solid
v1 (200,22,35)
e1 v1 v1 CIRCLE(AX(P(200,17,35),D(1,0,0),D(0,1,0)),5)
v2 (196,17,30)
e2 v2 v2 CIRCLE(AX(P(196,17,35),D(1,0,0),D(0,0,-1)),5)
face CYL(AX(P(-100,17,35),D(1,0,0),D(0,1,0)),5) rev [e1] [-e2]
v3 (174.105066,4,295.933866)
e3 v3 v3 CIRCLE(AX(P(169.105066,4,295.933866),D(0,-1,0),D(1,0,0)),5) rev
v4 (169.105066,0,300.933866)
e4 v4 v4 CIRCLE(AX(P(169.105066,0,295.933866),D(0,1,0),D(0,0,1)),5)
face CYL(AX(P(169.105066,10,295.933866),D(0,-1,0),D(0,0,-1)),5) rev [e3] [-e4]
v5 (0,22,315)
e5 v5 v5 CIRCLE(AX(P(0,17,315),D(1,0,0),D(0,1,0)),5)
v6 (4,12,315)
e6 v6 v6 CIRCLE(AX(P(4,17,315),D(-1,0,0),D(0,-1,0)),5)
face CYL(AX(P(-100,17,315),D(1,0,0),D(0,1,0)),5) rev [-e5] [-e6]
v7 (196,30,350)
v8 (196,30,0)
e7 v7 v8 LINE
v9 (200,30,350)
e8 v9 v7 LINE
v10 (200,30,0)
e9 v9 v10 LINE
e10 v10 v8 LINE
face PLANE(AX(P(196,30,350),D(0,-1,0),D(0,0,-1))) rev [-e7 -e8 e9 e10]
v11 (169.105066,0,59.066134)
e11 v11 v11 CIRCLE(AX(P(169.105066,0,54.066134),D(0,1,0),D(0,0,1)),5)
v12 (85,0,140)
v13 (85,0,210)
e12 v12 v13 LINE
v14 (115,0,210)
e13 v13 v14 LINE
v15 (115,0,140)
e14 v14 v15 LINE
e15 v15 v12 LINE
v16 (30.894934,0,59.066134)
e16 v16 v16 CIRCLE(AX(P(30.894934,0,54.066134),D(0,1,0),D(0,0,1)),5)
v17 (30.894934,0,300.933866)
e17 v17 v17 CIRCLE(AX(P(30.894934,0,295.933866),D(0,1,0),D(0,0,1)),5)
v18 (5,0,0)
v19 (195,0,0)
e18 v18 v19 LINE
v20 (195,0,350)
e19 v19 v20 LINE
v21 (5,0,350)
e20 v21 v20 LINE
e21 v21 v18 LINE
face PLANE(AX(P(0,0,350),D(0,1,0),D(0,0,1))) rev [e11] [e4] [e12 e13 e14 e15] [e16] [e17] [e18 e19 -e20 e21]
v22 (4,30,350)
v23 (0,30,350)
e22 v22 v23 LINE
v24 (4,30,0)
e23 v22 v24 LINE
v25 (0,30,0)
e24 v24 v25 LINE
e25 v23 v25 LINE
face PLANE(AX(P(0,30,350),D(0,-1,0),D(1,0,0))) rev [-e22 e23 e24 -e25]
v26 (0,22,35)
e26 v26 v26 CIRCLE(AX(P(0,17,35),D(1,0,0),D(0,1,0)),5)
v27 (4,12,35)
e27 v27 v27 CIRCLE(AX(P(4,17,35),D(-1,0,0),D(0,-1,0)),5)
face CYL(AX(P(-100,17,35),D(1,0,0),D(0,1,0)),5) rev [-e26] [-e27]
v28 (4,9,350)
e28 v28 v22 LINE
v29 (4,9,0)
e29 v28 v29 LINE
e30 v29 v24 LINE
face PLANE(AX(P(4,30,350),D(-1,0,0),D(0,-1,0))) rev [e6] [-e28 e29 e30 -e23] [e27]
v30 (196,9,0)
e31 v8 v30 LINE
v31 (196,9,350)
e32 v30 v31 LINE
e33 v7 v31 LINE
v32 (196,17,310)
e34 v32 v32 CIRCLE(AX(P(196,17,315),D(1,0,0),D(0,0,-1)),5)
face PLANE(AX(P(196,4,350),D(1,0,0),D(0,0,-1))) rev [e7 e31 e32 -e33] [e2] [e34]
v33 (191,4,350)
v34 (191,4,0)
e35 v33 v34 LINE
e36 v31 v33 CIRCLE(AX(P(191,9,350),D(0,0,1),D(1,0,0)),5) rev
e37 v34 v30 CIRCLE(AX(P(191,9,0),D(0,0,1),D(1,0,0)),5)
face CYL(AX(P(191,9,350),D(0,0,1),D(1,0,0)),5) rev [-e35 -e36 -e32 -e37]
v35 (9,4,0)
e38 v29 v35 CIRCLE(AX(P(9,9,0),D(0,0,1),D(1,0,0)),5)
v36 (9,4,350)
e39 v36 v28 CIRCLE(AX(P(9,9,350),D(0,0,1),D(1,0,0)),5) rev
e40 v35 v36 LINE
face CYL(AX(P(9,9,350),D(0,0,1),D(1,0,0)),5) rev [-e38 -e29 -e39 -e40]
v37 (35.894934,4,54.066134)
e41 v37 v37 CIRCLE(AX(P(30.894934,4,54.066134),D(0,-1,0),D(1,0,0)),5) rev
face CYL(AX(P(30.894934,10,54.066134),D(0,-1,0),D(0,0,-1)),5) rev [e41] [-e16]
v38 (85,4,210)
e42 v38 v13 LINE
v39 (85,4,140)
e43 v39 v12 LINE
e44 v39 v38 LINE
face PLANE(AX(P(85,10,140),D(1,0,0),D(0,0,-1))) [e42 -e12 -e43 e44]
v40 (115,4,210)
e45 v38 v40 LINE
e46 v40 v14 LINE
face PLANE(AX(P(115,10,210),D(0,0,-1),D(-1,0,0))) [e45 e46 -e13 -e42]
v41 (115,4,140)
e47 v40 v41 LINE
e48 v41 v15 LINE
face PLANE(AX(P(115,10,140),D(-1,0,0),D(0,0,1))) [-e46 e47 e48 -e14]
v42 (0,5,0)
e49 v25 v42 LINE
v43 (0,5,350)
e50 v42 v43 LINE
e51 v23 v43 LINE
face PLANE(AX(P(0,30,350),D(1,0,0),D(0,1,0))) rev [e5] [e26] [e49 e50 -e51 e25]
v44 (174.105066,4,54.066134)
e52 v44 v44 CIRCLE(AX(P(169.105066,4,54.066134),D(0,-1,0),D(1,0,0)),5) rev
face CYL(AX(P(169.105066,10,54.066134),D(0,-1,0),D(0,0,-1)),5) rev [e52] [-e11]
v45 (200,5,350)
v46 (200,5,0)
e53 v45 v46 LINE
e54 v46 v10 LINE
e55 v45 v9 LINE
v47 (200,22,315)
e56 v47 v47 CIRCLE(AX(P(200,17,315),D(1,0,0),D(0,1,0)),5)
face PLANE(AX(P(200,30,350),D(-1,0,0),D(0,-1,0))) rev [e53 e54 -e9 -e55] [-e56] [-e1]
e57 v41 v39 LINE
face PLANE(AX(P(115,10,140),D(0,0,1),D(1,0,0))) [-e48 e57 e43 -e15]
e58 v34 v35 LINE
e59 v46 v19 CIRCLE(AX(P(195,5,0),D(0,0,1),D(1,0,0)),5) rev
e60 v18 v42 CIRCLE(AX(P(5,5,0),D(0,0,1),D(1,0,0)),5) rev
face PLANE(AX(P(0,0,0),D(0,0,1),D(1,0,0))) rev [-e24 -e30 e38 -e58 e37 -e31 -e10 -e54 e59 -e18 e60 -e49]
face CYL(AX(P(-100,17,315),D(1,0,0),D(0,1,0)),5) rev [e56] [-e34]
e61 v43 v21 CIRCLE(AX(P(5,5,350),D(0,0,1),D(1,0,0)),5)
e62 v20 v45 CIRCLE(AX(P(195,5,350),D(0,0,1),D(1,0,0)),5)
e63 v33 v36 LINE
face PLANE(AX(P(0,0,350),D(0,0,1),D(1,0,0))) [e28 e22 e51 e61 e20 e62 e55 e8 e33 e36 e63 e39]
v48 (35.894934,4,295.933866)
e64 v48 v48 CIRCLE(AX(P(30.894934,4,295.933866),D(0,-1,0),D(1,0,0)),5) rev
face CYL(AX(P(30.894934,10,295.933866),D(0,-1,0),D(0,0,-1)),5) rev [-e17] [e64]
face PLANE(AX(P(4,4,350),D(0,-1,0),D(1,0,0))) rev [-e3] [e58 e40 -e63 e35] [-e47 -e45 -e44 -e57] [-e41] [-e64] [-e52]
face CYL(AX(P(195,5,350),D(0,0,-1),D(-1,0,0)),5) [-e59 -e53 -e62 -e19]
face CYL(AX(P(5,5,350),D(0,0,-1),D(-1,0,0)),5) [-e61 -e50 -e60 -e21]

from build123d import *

# Parameters (mm, degrees)
BOSS_EXTRUDE1_DEPTH = 350
FILLET1_R           = 5
SKETCH2_R           = 5
CUT_EXTRUDE1_DEPTH  = 300
SKETCH3_R           = 5
SKETCH3_W           = 30
SKETCH3_H           = 70
CUT_EXTRUDE6_DEPTH  = 10


with BuildPart() as part:
    # Sketch1 → Boss-Extrude1 (new body)
    with BuildSketch(Plane.XY):
        Polygon((0, 0), (200, 0), (200, 30), (196, 30), (196, 4), (4, 4), (4, 30), (0, 30), align=None)
    extrude(amount=BOSS_EXTRUDE1_DEPTH)

    # Fillet1
    fillet1_edges = [part.edges().sort_by_distance(p)[0] for p in [
        (4, 4, 175),
        (196, 4, 175),
        (200, 0, 175),
        (0, 0, 175),
    ]]
    fillet(fillet1_edges, radius=FILLET1_R)

    # Sketch2 → Cut-Extrude1 (cut)
    with BuildSketch(Plane(origin=(200, 0, 0), x_dir=(0, 0, -1), z_dir=(1, 0, 0))):
        with Locations((-315, 17)):
            Circle(SKETCH2_R)
        with Locations((-35, 17)):
            Circle(SKETCH2_R)
    extrude(amount=-CUT_EXTRUDE1_DEPTH, mode=Mode.SUBTRACT)

    # Sketch3 → Cut-Extrude6 (cut)
    with BuildSketch(Plane(origin=(0, 0, 0), x_dir=(1, 0, 0), z_dir=(0, 1, 0))):
        with Locations((30.894933586, -54.066133776)):
            Circle(SKETCH3_R)
        with Locations((169.105066414, -54.066133776)):
            Circle(SKETCH3_R)
        with Locations((169.105066414, -295.933866224)):
            Circle(SKETCH3_R)
        with Locations((30.894933586, -295.933866224)):
            Circle(SKETCH3_R)
        with Locations((100, -175)):
            Rectangle(SKETCH3_W, SKETCH3_H)
    extrude(amount=CUT_EXTRUDE6_DEPTH, mode=Mode.SUBTRACT)


solid = part.part
